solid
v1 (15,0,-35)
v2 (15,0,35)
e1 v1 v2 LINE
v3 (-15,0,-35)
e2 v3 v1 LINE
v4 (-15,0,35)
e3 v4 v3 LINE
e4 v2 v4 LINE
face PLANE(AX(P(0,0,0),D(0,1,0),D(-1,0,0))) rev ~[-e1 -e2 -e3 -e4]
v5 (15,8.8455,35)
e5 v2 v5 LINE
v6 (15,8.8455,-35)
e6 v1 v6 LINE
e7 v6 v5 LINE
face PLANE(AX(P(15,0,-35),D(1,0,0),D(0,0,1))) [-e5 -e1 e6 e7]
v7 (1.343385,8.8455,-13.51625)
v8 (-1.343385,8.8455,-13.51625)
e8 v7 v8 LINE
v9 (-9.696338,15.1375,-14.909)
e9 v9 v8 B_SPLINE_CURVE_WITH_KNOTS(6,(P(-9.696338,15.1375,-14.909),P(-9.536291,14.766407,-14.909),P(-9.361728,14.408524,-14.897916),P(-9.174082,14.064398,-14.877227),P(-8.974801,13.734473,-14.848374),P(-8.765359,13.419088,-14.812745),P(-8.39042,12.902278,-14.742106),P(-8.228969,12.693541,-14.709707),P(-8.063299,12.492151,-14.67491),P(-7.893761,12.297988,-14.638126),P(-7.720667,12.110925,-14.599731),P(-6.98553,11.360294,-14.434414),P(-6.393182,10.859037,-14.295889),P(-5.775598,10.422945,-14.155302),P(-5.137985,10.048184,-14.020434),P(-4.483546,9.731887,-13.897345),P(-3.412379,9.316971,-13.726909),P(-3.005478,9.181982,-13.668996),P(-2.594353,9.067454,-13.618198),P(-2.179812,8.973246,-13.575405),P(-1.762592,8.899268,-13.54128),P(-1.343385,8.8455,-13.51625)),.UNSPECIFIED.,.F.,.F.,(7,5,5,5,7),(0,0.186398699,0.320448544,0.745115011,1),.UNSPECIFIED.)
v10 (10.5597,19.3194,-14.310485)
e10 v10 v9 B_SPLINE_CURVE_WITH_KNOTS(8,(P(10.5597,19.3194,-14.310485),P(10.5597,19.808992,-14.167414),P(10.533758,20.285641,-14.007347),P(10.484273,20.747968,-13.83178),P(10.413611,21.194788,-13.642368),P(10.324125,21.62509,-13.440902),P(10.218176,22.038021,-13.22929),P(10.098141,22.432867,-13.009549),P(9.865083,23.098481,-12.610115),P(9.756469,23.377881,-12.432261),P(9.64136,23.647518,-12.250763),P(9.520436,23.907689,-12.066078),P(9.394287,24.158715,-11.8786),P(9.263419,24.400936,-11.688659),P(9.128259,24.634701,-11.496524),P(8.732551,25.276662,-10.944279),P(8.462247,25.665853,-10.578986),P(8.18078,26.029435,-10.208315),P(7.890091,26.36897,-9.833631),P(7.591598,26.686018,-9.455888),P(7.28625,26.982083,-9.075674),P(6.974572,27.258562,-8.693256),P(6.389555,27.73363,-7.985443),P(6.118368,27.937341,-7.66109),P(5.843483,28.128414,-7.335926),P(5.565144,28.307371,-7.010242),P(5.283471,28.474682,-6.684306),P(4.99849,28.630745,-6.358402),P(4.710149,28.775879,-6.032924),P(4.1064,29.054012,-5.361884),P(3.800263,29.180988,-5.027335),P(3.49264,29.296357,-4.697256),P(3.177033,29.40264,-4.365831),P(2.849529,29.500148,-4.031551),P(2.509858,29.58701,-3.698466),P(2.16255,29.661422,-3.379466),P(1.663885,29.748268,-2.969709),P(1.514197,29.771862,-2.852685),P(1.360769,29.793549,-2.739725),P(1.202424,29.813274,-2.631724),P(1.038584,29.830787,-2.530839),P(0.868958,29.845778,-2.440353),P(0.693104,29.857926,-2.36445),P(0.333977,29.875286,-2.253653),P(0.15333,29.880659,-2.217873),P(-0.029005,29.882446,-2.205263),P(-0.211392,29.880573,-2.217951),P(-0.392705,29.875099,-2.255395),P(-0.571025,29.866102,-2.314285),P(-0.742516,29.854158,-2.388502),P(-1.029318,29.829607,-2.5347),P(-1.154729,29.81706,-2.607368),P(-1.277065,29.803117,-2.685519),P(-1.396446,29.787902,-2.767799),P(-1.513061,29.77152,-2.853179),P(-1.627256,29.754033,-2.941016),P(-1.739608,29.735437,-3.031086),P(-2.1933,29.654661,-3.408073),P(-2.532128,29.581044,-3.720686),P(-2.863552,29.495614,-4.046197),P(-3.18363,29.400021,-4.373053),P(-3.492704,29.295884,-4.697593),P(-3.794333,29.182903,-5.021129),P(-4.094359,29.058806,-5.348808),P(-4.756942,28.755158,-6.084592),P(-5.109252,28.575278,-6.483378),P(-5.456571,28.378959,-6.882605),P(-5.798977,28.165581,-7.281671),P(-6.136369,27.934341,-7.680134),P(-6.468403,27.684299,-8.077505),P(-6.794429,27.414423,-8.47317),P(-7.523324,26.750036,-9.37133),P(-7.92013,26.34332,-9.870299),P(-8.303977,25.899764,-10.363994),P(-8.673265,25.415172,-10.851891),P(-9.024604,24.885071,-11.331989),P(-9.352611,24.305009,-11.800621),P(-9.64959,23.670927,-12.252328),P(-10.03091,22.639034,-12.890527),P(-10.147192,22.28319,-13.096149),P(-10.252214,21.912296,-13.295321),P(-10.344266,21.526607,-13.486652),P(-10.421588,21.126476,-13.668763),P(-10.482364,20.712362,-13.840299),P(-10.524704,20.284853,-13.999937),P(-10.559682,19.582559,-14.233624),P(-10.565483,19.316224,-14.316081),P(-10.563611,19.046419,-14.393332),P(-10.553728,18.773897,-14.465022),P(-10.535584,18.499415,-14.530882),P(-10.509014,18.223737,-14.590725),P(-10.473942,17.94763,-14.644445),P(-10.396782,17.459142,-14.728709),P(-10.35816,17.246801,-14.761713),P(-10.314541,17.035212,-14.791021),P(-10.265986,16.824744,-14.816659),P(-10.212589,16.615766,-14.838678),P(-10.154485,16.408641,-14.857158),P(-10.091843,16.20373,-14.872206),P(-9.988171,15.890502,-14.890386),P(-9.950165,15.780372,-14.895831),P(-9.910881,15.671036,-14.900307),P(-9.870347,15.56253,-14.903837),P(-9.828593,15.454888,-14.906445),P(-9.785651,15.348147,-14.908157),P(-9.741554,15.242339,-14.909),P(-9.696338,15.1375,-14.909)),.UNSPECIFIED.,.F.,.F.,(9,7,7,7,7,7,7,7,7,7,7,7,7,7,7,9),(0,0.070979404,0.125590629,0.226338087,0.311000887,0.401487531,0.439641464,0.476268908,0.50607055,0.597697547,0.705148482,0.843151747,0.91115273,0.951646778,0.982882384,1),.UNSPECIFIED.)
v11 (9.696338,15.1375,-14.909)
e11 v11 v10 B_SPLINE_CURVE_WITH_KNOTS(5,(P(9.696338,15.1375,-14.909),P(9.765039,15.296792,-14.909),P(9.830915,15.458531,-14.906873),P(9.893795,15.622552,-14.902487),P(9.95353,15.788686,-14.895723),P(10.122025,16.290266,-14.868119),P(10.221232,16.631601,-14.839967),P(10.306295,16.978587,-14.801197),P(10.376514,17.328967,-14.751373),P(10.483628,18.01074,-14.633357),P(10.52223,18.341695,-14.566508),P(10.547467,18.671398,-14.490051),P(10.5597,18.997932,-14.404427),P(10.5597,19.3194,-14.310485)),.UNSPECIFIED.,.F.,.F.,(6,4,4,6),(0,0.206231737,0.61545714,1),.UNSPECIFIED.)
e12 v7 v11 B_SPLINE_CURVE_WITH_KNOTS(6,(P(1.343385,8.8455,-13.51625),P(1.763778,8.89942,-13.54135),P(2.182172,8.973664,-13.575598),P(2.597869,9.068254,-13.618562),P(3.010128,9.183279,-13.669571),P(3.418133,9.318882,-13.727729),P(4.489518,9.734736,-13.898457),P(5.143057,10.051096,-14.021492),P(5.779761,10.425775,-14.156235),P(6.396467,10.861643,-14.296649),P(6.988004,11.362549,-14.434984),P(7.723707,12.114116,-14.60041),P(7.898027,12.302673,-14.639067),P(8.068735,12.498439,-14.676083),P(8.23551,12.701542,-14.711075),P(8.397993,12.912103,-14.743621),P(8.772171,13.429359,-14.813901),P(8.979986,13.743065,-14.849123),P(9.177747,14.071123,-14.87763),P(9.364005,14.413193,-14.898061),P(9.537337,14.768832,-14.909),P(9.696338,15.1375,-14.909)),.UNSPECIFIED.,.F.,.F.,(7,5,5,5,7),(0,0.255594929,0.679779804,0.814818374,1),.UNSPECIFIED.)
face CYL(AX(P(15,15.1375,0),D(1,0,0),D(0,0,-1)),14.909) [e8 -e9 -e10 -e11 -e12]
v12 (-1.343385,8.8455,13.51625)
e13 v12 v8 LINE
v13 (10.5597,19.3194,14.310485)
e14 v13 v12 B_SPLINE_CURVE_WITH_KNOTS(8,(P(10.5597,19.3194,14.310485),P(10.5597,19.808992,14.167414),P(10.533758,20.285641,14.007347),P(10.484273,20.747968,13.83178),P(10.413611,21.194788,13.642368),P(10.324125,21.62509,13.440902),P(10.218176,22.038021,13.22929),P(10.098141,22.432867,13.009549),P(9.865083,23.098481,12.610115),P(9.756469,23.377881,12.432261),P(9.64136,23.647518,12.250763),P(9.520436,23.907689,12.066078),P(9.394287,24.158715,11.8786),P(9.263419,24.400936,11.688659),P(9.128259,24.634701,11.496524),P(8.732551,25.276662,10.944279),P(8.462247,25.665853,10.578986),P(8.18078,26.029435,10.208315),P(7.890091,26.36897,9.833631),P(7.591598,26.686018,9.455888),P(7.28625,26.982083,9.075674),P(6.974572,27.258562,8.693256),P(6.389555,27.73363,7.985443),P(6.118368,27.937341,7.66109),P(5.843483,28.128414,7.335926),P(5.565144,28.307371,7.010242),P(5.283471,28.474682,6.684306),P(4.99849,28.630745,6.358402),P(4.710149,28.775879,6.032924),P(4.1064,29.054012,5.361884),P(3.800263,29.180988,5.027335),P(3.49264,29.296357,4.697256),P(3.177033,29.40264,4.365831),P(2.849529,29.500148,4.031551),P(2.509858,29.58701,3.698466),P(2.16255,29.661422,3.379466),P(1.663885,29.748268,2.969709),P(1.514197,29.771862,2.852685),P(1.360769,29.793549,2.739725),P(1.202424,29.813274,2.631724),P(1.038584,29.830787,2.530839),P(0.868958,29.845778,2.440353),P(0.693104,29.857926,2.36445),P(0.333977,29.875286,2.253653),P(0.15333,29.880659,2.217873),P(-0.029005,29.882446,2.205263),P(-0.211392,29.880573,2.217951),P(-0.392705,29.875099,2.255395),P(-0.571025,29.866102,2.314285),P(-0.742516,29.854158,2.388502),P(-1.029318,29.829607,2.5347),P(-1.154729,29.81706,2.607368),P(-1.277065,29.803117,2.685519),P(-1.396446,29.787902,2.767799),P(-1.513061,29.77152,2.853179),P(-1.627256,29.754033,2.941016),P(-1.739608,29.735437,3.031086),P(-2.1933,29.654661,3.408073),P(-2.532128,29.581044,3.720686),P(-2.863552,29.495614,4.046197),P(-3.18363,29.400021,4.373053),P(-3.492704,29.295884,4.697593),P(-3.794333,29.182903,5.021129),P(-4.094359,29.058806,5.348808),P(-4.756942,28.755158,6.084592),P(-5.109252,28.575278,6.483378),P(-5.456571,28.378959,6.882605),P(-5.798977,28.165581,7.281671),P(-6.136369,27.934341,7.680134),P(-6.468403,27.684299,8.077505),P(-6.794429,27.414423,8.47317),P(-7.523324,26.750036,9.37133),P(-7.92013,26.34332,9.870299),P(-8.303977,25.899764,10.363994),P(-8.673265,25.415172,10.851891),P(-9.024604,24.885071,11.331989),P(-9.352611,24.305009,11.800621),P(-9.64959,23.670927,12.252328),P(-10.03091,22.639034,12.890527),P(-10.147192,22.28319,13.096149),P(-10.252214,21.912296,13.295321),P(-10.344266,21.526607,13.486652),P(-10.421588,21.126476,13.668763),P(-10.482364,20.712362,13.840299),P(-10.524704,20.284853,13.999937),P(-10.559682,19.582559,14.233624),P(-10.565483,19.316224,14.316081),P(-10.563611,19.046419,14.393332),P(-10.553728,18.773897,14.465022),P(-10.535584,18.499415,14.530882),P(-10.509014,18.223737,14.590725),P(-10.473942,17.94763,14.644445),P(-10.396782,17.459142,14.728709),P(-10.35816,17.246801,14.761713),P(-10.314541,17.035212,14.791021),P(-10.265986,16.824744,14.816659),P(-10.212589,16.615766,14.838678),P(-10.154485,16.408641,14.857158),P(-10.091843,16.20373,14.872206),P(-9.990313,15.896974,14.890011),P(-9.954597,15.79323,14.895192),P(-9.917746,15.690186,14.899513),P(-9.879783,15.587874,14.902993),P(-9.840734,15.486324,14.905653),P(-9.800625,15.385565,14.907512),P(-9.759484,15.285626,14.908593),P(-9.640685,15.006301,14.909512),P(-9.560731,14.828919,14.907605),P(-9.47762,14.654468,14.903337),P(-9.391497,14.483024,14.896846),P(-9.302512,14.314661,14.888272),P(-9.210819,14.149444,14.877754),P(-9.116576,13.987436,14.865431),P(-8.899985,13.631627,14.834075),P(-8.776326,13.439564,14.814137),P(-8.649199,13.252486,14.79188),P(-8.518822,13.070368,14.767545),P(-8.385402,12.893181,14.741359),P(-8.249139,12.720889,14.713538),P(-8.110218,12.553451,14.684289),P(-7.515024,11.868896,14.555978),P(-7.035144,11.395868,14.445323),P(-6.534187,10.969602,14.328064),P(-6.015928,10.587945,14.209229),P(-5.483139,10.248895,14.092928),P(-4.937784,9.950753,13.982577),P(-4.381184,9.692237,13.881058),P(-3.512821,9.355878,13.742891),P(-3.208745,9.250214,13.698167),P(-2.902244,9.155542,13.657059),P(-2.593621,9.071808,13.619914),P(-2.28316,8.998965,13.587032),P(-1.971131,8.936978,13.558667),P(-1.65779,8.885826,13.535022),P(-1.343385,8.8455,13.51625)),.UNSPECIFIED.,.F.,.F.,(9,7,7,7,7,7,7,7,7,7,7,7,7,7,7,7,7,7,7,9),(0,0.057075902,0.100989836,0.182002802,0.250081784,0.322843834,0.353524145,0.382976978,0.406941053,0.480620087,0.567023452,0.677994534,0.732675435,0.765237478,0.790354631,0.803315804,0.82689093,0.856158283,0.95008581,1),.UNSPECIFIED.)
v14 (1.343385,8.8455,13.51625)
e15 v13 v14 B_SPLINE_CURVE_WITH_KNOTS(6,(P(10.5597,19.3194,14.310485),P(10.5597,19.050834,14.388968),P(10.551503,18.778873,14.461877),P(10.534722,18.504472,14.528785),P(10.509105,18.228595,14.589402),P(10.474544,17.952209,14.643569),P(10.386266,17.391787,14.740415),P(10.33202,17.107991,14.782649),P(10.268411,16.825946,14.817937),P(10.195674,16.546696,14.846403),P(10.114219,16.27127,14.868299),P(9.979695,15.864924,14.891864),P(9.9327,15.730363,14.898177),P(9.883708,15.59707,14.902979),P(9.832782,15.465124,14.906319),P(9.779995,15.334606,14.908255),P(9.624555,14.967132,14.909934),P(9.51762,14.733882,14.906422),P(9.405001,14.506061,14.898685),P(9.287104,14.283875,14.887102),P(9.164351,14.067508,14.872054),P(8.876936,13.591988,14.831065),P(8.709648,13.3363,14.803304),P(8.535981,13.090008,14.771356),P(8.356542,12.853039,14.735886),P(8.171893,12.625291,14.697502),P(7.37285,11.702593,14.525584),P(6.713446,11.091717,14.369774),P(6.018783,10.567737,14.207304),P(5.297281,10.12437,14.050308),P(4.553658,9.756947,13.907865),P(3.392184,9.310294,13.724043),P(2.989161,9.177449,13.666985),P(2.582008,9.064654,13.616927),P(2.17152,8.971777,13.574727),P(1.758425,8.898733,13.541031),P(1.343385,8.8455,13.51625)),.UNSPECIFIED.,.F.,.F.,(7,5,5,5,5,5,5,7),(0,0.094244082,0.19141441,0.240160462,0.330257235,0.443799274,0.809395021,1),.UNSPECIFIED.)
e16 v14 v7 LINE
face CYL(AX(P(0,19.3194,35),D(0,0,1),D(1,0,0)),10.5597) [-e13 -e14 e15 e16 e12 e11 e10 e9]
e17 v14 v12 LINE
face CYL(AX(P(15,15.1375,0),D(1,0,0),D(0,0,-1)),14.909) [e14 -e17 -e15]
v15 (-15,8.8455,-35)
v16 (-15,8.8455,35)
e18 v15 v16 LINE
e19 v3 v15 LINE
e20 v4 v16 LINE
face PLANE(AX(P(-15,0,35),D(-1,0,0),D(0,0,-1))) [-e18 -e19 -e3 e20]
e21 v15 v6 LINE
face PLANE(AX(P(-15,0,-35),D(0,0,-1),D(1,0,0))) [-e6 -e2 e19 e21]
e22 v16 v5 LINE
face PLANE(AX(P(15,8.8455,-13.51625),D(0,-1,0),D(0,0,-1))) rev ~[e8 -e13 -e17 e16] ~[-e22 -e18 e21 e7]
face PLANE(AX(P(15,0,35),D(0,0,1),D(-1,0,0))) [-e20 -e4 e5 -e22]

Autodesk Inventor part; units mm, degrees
ref_plane "YZ Plane" through (0, 0, 0) normal (1, 0, 0) x (0, 1, 0)
ref_plane "XZ Plane" through (0, 0, 0) normal (0, 1, 0) x (-1, 0, 0)
ref_plane "XY Plane" through (0, 0, 0) normal (0, 0, 1) x (1, 0, 0)
sketch "Sketch1" plane through (0, 0, 0) normal (0, 1, 0) x (-1, 0, 0)
  line L0 (15, -35) -> (-15, -35)
  line L1 (-15, -35) -> (-15, 35)
  line L2 (-15, 35) -> (15, 35)
  line L3 (15, 35) -> (15, -35)
  line L4 (15, -35) -> (-15, 35) construction
  line L5 (-15, -35) -> (15, 35) construction
  point P0 (0, 0)
  dimension "d0" = 30
  dimension "d1" = 70
extrude "Extrusion1" add sketch "Sketch1" along normal blind 30
sketch "Sketch2" plane through (15, 0, 35) normal (1, 0, 0) x (0, 0, -1)
  circle A0 centre (35, 15.1375) radius 14.909
  line L0 (0, 0) -> (0, 30) projected
  line L1 (0, 8.8455) -> (70, 8.8455)
  line L2 (0, 30) -> (70, 30) projected
  line L3 (0, 0) -> (70, 0) projected
  line L4 (70, 0) -> (70, 30) projected
  point P0 (35, 0)
  point P1 (36.1767, 30)
  point P2 (21.4837, 8.8455)
  point P3 (33.8233, 30)
  point P4 (48.5163, 8.8455)
extrude "Extrusion2" cut sketch "Sketch2" against normal blind 30 contours A0 L2 L4 L1 | A0 L1 L0 L2
sketch "Sketch3" plane through (-15, 0, 35) normal (0, 0, 1) x (1, 0, 0)
  circle A0 centre (15, 19.3194) radius 10.5597
  line L0 (0, 30) -> (0, 8.8455) projected
  line L1 (0, 30) -> (30, 30) projected
  line L2 (30, 8.8455) -> (30, 30) projected
  line L3 (30, 8.8455) -> (0, 8.8455) projected
  point P0 (15, 0)
  point P1 (13.6563, 8.8455)
  point P2 (16.3437, 8.8455)
extrude "Extrusion3" cut sketch "Sketch3" against normal blind 77 contours A0 L3 L0 L1 L2
properties part number "ball transfer unit"
